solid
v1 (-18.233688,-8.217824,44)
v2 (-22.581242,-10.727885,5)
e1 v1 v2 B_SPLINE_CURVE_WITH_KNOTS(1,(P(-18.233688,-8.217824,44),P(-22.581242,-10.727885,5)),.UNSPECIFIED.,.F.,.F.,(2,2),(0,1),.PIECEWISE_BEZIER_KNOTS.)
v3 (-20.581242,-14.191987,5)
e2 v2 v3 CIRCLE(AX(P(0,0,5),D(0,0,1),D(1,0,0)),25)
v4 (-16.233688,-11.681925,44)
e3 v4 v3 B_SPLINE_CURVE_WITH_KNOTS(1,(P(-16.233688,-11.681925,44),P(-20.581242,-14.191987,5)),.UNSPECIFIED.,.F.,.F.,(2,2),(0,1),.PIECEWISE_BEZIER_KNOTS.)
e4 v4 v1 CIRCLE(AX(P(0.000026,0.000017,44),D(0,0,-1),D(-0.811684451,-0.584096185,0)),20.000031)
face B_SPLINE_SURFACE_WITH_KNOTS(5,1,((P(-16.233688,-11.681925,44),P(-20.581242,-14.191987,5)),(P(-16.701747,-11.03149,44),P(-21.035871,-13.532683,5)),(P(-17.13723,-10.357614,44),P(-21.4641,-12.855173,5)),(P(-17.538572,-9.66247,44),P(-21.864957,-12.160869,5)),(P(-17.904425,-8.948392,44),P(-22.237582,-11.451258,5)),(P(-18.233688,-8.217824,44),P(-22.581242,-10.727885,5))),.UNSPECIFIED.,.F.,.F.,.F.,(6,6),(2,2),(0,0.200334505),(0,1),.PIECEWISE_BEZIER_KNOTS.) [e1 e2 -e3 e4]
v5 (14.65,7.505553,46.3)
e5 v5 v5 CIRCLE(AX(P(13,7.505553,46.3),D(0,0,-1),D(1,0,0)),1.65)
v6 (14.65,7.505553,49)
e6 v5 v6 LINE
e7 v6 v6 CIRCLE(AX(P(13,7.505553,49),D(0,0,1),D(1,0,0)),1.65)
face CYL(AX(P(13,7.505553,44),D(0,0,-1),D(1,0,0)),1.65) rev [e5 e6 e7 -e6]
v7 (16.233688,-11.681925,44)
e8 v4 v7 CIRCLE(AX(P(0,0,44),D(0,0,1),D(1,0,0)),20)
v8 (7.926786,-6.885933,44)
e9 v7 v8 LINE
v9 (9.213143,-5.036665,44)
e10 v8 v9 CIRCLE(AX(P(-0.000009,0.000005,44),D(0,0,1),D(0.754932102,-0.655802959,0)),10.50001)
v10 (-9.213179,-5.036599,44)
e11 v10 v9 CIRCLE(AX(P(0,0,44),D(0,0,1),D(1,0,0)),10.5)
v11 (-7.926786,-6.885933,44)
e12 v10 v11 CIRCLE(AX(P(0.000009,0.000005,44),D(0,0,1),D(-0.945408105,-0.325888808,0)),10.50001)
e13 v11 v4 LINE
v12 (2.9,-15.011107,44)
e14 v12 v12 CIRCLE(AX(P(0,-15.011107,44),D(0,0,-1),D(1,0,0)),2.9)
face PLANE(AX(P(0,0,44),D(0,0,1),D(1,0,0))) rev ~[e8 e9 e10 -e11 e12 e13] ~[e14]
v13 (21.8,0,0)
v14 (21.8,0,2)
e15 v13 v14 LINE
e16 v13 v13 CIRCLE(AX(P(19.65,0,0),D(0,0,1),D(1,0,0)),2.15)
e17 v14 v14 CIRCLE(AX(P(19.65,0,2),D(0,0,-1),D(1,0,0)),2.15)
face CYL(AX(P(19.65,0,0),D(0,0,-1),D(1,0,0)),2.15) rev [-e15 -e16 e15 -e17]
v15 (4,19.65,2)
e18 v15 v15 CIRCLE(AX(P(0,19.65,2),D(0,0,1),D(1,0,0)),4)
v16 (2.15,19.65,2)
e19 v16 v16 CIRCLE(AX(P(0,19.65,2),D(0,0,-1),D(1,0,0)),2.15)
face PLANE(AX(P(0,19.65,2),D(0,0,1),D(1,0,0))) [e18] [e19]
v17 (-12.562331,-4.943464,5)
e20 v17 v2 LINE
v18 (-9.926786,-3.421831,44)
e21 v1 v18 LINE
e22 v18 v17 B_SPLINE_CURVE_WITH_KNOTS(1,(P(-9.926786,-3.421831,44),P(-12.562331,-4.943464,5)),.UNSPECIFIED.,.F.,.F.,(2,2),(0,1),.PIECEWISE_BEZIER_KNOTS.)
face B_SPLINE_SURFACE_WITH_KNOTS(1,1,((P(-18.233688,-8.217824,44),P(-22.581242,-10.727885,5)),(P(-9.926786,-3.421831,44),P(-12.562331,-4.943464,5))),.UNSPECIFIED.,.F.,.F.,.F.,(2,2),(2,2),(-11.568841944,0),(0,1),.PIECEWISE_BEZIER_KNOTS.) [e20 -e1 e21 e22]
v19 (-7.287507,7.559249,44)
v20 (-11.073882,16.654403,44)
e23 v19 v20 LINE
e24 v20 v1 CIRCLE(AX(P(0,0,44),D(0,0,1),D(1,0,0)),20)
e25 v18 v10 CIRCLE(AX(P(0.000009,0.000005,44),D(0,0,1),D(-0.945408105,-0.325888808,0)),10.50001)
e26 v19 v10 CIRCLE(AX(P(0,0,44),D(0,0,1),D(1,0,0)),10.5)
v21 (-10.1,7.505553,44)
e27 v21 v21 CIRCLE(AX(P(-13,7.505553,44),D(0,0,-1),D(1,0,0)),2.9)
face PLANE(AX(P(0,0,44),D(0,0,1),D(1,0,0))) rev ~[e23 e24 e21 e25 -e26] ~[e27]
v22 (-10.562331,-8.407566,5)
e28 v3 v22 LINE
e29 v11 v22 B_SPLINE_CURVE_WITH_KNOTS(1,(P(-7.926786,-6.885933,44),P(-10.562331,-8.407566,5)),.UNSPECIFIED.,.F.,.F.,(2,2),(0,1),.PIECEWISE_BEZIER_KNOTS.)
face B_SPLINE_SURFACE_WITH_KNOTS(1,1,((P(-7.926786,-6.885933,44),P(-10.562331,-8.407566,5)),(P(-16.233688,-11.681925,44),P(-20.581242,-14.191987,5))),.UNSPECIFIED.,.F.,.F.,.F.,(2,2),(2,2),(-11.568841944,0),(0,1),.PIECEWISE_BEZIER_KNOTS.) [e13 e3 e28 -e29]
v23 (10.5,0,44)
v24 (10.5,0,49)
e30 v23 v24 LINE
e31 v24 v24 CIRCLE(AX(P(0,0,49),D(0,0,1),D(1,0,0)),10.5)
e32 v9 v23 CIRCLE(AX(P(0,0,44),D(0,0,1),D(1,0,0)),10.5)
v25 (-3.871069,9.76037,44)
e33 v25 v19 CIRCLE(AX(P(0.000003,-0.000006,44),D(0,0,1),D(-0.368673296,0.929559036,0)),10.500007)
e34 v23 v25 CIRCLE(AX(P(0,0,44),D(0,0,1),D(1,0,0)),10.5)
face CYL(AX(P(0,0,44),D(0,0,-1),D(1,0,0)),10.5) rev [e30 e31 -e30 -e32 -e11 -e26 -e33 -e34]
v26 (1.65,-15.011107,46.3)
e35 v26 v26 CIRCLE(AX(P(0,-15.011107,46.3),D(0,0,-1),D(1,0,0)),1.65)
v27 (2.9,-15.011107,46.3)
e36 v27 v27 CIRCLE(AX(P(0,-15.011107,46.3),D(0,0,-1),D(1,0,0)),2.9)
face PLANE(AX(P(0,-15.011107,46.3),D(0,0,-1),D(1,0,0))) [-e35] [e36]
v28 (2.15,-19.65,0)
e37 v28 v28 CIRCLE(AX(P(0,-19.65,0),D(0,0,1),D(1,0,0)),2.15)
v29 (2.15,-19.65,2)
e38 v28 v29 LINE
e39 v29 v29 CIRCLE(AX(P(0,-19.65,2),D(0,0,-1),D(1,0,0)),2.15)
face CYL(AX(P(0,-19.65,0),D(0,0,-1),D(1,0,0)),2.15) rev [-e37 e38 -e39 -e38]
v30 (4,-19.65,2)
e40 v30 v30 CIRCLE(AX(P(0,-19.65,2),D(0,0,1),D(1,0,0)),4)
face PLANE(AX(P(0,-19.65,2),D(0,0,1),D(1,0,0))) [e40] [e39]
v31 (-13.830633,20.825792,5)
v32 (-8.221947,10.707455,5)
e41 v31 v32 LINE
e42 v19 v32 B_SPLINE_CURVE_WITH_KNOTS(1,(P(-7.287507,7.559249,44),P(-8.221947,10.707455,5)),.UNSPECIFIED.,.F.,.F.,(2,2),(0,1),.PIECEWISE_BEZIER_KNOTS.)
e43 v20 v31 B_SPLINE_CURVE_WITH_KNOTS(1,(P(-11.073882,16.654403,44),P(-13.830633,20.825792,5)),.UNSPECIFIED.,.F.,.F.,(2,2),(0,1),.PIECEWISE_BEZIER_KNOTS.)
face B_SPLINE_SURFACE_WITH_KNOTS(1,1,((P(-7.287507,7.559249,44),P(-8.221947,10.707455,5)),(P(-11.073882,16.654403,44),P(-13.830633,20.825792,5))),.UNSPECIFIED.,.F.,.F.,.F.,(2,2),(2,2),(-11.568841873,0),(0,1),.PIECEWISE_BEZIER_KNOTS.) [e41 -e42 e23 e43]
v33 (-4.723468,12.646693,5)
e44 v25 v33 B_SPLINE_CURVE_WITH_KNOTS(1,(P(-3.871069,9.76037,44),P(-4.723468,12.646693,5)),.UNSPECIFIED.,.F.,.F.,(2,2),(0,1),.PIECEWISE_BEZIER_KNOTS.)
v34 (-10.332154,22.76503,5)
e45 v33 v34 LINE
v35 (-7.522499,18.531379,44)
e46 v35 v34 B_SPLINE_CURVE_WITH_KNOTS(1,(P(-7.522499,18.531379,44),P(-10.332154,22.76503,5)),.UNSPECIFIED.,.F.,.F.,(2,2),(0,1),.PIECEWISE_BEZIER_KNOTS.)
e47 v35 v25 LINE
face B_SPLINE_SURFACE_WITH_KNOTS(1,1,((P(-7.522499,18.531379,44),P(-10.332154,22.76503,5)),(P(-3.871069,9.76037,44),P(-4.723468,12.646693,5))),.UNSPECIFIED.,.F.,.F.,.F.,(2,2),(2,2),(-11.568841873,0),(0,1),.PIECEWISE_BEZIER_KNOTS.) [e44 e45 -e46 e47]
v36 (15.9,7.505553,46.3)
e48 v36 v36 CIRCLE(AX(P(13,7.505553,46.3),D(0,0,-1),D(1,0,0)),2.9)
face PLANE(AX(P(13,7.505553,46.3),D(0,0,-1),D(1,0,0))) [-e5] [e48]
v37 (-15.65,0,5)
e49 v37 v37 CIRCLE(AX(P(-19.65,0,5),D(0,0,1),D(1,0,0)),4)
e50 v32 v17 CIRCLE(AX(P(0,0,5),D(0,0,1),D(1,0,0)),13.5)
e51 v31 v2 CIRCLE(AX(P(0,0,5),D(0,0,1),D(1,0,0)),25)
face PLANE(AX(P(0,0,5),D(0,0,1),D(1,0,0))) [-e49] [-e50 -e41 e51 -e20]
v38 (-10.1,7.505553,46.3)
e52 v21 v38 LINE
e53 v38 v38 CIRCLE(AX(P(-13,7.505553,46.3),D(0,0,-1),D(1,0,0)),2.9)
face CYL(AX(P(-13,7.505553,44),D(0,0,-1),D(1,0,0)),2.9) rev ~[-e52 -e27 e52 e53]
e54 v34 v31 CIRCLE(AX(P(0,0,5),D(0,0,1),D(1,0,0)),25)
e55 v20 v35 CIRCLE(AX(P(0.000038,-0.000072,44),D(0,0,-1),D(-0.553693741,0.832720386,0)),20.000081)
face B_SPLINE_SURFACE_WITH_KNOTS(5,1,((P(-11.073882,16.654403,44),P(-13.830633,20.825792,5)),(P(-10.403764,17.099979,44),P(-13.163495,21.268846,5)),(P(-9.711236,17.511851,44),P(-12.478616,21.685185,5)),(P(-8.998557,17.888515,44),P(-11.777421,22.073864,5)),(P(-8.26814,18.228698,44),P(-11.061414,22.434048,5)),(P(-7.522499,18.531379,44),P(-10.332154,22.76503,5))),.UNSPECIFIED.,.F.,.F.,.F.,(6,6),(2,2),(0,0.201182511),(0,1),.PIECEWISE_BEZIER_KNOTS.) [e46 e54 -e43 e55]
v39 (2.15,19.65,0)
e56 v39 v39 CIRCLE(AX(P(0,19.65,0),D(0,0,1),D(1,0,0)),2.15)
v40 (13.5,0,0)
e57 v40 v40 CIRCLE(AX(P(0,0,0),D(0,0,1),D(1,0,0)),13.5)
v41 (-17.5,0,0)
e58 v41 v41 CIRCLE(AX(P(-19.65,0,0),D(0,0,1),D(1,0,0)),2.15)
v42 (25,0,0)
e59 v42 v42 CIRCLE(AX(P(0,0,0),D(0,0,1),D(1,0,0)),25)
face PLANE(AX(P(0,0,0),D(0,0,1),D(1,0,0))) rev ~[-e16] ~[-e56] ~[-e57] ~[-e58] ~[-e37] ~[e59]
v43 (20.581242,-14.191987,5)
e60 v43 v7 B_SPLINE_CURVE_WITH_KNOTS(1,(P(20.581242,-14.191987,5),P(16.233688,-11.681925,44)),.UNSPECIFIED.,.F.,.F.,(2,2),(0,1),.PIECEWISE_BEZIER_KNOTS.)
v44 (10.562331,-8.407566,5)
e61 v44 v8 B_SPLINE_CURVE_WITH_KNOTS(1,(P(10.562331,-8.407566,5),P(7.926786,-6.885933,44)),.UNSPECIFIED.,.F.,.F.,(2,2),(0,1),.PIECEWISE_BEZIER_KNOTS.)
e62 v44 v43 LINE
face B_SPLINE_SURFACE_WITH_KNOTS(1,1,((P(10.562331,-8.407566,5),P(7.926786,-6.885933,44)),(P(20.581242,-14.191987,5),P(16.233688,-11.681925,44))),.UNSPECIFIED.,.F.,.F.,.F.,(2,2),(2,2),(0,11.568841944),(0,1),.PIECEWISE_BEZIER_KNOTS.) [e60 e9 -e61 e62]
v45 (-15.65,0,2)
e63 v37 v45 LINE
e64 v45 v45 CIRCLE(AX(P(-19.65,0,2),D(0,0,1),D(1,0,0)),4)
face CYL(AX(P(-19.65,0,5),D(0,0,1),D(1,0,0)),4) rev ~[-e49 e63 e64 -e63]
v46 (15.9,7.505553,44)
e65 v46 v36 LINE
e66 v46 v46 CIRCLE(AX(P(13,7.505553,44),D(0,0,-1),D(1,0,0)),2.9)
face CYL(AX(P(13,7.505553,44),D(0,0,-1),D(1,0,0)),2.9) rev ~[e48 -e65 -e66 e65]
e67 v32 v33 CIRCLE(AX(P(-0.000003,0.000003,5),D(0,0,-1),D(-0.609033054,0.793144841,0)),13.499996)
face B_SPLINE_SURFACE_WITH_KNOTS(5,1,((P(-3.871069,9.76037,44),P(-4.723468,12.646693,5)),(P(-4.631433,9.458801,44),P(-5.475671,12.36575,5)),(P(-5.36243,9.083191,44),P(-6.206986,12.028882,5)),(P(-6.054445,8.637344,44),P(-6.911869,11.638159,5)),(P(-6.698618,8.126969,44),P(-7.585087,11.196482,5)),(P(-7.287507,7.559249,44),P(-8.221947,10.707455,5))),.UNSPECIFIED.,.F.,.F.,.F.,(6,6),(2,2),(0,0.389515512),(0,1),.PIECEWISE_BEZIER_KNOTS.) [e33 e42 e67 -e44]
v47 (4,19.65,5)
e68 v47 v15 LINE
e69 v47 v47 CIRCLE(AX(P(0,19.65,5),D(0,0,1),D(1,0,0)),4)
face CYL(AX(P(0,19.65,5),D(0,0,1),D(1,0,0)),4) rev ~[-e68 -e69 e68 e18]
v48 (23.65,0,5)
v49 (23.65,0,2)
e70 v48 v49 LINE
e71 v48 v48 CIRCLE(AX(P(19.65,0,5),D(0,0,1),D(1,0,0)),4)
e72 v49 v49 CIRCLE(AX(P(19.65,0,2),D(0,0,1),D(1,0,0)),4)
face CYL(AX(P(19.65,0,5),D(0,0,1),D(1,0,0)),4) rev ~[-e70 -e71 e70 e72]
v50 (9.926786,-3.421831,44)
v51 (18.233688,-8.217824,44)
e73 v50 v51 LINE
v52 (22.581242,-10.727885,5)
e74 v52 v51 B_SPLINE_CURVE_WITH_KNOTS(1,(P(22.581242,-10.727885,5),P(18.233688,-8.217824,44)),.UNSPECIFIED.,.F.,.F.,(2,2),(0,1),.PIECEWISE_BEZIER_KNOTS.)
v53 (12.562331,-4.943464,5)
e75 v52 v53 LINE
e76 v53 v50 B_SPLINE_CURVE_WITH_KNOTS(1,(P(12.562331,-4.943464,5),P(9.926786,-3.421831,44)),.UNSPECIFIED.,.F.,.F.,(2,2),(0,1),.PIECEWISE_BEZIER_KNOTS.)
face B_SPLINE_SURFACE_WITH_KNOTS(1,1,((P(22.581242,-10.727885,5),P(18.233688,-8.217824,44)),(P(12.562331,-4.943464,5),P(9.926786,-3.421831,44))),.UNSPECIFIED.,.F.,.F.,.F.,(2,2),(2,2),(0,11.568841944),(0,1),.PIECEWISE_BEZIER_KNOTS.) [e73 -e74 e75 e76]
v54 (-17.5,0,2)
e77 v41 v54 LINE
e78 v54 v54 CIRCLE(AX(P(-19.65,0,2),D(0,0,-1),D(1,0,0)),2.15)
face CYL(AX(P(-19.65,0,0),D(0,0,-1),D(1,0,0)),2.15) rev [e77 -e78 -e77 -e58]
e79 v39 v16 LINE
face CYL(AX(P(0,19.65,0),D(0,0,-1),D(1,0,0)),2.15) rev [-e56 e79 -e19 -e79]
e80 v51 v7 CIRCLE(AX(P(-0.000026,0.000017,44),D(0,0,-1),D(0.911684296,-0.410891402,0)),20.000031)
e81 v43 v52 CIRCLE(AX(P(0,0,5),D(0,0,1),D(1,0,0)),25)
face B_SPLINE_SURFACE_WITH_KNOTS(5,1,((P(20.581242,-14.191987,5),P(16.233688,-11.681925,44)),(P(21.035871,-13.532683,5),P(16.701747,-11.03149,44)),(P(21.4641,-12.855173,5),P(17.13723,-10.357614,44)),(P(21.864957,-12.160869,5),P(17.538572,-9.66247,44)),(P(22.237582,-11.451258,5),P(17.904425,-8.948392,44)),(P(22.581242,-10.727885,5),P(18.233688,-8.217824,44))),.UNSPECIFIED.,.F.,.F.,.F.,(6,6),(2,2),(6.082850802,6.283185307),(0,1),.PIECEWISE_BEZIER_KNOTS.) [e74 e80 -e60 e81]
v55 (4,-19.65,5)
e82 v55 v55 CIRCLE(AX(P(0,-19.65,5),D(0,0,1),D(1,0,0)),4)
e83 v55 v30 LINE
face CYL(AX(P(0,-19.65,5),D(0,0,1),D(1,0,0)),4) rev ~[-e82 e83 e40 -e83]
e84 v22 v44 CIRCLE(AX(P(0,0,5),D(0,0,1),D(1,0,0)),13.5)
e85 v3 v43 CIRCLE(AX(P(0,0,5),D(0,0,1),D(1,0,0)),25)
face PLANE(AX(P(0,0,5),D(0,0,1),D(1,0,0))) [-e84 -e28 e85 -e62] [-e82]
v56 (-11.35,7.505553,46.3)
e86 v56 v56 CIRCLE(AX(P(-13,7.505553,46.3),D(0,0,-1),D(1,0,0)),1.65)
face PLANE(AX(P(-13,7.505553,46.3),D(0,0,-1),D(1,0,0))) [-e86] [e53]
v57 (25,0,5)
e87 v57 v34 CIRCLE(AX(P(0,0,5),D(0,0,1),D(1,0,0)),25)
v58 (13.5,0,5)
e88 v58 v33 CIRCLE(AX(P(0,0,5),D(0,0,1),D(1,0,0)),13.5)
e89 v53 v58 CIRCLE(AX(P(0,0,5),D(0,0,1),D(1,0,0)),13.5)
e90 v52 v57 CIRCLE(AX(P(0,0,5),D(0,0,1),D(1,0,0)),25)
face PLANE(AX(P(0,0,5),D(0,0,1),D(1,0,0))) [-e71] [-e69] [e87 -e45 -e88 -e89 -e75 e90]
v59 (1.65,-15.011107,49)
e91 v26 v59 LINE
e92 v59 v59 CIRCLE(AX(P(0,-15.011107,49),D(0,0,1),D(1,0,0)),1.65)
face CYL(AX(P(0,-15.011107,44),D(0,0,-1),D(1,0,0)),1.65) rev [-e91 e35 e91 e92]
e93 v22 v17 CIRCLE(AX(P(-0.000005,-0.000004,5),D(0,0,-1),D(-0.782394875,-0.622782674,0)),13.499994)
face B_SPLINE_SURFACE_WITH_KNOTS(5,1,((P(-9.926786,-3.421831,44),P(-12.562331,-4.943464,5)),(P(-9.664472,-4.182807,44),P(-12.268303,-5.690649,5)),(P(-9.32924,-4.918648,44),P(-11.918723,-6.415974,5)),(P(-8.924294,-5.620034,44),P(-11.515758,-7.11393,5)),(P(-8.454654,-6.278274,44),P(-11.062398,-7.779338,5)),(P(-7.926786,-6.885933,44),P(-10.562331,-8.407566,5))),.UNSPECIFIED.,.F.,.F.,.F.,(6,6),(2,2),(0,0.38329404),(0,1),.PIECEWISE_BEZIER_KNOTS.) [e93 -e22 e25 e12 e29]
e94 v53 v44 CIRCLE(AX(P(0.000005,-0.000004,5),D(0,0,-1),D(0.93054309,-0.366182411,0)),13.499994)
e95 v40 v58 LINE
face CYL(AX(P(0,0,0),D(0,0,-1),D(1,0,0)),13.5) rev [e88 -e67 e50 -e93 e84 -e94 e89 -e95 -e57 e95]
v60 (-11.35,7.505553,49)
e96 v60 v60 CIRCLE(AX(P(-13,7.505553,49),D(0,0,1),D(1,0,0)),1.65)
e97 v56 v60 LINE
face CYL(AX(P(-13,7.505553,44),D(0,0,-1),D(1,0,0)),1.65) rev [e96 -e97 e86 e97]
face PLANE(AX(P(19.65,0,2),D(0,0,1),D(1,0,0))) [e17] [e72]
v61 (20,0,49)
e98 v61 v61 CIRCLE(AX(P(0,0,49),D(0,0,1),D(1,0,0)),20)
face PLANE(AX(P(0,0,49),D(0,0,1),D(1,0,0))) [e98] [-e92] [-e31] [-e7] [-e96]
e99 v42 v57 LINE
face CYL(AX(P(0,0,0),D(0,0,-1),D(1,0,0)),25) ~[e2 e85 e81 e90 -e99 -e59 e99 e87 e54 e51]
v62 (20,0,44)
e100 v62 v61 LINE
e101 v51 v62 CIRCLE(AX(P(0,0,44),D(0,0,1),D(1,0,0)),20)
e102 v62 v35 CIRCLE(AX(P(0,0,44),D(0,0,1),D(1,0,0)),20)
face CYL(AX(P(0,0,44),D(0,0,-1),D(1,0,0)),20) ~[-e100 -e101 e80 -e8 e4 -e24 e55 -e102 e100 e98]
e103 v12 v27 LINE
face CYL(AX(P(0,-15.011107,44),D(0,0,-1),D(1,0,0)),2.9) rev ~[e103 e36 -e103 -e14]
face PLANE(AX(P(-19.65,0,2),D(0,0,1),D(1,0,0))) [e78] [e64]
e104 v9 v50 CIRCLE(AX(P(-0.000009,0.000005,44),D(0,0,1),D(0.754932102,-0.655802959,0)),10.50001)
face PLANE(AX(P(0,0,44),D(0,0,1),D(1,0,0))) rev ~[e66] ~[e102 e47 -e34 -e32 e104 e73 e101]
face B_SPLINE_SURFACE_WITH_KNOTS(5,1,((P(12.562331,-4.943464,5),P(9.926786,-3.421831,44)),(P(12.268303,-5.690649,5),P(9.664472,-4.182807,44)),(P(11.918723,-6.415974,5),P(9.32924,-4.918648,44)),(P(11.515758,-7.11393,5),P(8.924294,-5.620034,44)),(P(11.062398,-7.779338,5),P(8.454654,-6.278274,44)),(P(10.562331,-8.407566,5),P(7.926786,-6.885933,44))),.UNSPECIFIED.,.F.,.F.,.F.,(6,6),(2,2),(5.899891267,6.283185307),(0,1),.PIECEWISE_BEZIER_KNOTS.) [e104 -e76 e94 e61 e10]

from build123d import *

# Parameters (mm, degrees)
F0_R     = 25
F0_R_2   = 2.15
F0_R_3   = 13.5
F1_DEPTH = 5
F2_R     = 4
F3_DEPTH = 3
F5_R     = 20
F5_R_2   = 1.65
F5_R_3   = 10.5
F6_DEPTH = 5
F7_R     = 2.9
F8_DEPTH = 2.3


with BuildPart() as f1:
    # F0 (on Top) → F1 (new body)
    with BuildSketch(Plane.XY):
        Circle(F0_R)
        with Locations((0, -19.65)):
            Circle(F0_R_2, mode=Mode.SUBTRACT)
        with Locations((-19.65, 0)):
            Circle(F0_R_2, mode=Mode.SUBTRACT)
        Circle(F0_R_3, mode=Mode.SUBTRACT)
        with Locations((19.65, 0)):
            Circle(F0_R_2, mode=Mode.SUBTRACT)
        with Locations((0, 19.65)):
            Circle(F0_R_2, mode=Mode.SUBTRACT)
    extrude(amount=F1_DEPTH)

    # F2 (on face) → F3 (cut)
    with BuildSketch(Plane.XY.offset(5)):
        with Locations((0, -19.65)):
            Circle(F2_R)
        with Locations((19.65, 0)):
            Circle(F2_R)
        with Locations((0, 19.65)):
            Circle(F2_R)
        with Locations((-19.65, 0)):
            Circle(F2_R)
    extrude(amount=-F3_DEPTH, mode=Mode.SUBTRACT)



with BuildPart() as f6:
    # F5 (on offset) → F6 (new body)
    with BuildSketch(Plane.XY.offset(44)):
        Circle(F5_R)
        with Locations((0, -15.011107)):
            Circle(F5_R_2, mode=Mode.SUBTRACT)
        with Locations((-13, 7.505553)):
            Circle(F5_R_2, mode=Mode.SUBTRACT)
        Circle(F5_R_3, mode=Mode.SUBTRACT)
        with Locations((13, 7.505553)):
            Circle(F5_R_2, mode=Mode.SUBTRACT)
    extrude(amount=F6_DEPTH)

    # F7 (on face) → F8 (cut)
    with BuildSketch(Plane(origin=(0, 0, 44), x_dir=(1, 0, 0), z_dir=(0, 0, -1))):
        with Locations((-13, -7.505553)):
            Circle(F7_R)
        with Locations((0, 15.011107)):
            Circle(F7_R)
        with Locations((13, -7.505553)):
            Circle(F7_R)
    extrude(amount=-F8_DEPTH, mode=Mode.SUBTRACT)


with BuildPart() as f1_1:
    add(f1.part)

    add(f6.part)  # F11 merges F6
    # F10 (on face) → F11 section 0
    with BuildSketch(Plane.XY.offset(5)):
        with BuildLine():
            ThreePointArc((12.562331, -4.943464), (11.691343, -6.75), (10.562331, -8.407566))
            Line((10.562331, -8.407566), (20.581242, -14.191987))
            ThreePointArc((20.581242, -14.191987), (21.650635, -12.5), (22.581242, -10.727885))
            Line((22.581242, -10.727885), (12.562331, -4.943464))
        make_face()
    # F9 (on face) → F11 section 1
    with BuildSketch(Plane(origin=(0, 0, 44), x_dir=(1, 0, 0), z_dir=(0, 0, -1))):
        with BuildLine():
            Line((9.926786, 3.421831), (18.233688, 8.217824))
            ThreePointArc((18.233688, 8.217824), (17.320508, 10), (16.233688, 11.681925))
            Line((16.233688, 11.681925), (7.926786, 6.885933))
            ThreePointArc((7.926786, 6.885933), (9.093267, 5.25), (9.926786, 3.421831))
        make_face()
    loft()

    # F9 (on face) → F12 section 0
    with BuildSketch(Plane(origin=(0, 0, 44), x_dir=(1, 0, 0), z_dir=(0, 0, -1))):
        with BuildLine():
            Line((-7.926786, 6.885933), (-16.233688, 11.681925))
            ThreePointArc((-16.233688, 11.681925), (-17.320508, 10), (-18.233688, 8.217824))
            Line((-18.233688, 8.217824), (-9.926786, 3.421831))
            ThreePointArc((-9.926786, 3.421831), (-9.093267, 5.25), (-7.926786, 6.885933))
        make_face()
    # F10 (on face) → F12 section 1
    with BuildSketch(Plane.XY.offset(5)):
        with BuildLine():
            ThreePointArc((-10.562331, -8.407566), (-11.691343, -6.75), (-12.562331, -4.943464))
            Line((-12.562331, -4.943464), (-22.581242, -10.727885))
            ThreePointArc((-22.581242, -10.727885), (-21.650635, -12.5), (-20.581242, -14.191987))
            Line((-20.581242, -14.191987), (-10.562331, -8.407566))
        make_face()
    loft()

    # F9 (on face) → F13 section 0
    with BuildSketch(Plane(origin=(0, 0, 44), x_dir=(1, 0, 0), z_dir=(0, 0, -1))):
        with BuildLine():
            Line((-7.287507, -7.559249), (-11.073882, -16.654403))
            ThreePointArc((-11.073882, -16.654403), (-9.345432, -17.682276), (-7.522499, -18.531379))
            Line((-7.522499, -18.531379), (-3.871069, -9.76037))
            ThreePointArc((-3.871069, -9.76037), (-5.686799, -8.826682), (-7.287507, -7.559249))
        make_face()
    # F10 (on face) → F13 section 1
    with BuildSketch(Plane.XY.offset(5)):
        with BuildLine():
            Line((-13.830633, 20.825792), (-8.221947, 10.707455))
            ThreePointArc((-8.221947, 10.707455), (-6.54493, 11.807366), (-4.723468, 12.646693))
            Line((-4.723468, 12.646693), (-10.332154, 22.76503))
            ThreePointArc((-10.332154, 22.76503), (-12.120241, 21.865493), (-13.830633, 20.825792))
        make_face()
    loft()


solid = f1_1.part
